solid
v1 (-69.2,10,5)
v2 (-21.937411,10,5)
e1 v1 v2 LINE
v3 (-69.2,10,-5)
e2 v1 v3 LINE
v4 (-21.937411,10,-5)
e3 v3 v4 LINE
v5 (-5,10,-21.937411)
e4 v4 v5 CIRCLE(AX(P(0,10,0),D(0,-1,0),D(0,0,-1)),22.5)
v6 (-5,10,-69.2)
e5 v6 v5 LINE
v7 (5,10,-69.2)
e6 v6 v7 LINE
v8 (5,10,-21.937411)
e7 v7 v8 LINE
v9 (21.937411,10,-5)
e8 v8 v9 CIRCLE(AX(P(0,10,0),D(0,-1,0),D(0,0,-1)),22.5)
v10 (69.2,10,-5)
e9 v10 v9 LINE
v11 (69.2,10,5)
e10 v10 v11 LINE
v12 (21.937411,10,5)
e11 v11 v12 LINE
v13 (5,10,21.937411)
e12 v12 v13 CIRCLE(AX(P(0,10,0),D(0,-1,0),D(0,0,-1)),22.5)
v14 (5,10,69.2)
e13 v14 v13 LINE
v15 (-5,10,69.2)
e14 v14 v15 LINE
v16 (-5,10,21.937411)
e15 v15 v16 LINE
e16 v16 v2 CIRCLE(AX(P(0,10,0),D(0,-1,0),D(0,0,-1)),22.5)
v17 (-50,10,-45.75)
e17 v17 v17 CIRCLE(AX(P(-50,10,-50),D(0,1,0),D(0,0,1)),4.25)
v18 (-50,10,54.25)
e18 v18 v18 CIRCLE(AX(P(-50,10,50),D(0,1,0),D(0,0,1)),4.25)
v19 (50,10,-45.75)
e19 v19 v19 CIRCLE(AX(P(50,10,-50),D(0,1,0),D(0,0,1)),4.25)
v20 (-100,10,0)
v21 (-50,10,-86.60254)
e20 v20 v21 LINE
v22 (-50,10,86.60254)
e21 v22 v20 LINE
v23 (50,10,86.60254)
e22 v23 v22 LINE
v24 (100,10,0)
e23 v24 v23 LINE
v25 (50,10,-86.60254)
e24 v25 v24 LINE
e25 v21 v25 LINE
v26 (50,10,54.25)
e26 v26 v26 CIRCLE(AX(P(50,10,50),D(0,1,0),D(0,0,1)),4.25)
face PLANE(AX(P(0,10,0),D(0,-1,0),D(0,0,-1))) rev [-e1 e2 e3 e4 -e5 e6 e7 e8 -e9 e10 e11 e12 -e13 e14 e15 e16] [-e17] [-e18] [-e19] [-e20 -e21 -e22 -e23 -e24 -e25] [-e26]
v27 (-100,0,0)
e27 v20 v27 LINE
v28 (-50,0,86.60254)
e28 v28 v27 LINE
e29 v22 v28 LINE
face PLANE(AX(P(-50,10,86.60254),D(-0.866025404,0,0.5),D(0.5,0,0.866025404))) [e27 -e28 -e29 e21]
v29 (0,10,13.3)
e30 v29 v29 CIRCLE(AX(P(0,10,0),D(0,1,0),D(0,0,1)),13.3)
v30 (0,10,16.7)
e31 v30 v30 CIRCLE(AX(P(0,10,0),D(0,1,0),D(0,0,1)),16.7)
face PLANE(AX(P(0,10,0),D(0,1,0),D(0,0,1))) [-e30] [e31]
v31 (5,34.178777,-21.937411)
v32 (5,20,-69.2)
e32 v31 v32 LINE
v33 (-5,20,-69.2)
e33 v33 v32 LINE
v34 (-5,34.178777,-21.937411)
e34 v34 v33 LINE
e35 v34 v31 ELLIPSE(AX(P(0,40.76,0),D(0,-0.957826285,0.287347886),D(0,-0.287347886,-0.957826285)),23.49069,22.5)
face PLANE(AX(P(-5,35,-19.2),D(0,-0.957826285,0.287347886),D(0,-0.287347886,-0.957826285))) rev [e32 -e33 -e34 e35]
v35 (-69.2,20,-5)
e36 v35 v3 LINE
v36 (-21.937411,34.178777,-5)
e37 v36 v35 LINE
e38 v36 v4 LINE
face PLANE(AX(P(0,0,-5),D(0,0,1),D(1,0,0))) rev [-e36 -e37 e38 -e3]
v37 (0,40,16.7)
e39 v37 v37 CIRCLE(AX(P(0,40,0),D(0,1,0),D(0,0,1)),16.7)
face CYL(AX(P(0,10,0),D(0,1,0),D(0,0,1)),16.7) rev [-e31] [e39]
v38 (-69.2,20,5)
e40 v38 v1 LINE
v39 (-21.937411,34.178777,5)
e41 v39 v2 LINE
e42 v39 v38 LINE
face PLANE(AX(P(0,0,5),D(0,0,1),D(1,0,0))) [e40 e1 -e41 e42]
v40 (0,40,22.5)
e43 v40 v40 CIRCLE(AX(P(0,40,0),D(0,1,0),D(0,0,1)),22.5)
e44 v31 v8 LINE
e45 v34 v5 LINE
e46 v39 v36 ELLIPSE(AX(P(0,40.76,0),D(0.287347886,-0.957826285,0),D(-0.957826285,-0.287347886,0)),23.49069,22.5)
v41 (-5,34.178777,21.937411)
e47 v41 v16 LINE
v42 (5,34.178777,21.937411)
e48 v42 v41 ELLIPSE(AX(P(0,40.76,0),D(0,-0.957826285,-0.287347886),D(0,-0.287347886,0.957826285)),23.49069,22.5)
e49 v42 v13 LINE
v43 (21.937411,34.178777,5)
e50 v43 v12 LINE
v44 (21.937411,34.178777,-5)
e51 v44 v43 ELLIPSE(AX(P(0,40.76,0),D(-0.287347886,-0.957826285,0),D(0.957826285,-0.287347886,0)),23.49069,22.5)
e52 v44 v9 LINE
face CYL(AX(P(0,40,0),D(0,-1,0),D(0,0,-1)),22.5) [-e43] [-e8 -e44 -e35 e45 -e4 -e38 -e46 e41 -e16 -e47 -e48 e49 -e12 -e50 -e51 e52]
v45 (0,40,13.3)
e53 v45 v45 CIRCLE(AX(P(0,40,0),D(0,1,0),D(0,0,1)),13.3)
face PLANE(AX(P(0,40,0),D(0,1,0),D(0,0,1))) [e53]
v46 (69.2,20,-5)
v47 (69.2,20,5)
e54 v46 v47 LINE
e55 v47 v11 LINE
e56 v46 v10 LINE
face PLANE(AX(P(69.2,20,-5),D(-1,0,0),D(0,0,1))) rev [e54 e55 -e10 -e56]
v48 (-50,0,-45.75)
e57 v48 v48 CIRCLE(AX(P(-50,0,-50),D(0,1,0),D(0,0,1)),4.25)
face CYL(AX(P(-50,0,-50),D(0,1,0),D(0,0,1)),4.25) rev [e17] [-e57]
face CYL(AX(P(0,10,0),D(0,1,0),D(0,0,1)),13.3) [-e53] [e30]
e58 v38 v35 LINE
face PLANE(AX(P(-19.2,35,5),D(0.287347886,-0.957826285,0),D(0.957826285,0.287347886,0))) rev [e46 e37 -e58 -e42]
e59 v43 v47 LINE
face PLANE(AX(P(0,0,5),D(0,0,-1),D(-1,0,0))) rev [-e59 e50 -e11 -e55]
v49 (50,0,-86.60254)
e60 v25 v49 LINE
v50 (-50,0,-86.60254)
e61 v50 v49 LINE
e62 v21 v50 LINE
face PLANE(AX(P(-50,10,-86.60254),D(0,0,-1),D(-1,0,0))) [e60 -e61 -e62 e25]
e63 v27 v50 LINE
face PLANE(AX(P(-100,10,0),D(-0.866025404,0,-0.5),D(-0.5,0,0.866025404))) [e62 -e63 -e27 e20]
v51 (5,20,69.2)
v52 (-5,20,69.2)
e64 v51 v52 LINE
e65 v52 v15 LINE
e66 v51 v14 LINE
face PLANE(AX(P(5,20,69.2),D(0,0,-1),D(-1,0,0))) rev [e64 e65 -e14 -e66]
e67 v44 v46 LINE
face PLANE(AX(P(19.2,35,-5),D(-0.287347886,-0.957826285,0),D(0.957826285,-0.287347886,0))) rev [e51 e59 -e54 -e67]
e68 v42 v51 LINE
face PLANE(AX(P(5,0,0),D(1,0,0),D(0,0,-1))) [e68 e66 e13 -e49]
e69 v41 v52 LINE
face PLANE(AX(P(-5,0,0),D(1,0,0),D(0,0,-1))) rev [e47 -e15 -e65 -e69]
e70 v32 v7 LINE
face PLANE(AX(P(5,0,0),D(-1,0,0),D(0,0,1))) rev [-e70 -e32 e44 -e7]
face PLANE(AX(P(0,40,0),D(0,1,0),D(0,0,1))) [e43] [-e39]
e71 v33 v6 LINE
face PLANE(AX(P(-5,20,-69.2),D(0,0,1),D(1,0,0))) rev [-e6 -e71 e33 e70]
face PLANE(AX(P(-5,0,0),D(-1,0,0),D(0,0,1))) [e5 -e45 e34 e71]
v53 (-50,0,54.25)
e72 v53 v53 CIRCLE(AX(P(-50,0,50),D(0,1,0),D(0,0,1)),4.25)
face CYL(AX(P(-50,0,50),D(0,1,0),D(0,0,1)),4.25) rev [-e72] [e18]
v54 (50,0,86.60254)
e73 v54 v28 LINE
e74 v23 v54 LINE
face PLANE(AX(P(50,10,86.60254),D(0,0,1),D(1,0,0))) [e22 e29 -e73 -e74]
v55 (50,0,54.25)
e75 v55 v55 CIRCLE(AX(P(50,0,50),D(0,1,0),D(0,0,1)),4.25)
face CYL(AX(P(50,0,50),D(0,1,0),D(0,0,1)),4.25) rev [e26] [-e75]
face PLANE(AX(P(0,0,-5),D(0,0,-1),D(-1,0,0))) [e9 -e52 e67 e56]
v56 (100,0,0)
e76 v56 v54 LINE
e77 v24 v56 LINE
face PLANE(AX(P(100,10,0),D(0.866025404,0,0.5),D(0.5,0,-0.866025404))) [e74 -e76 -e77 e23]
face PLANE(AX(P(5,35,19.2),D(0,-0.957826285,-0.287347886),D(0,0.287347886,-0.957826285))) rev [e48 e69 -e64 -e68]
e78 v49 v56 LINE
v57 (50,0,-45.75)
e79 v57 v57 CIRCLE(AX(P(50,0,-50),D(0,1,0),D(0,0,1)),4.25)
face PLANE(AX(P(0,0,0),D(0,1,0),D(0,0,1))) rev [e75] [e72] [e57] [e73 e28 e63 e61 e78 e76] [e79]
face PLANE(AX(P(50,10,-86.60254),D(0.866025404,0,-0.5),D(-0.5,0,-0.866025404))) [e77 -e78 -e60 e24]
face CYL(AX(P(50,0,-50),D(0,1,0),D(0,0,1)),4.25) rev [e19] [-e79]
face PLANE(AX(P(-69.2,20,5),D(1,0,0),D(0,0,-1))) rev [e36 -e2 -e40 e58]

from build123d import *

# Parameters (mm, degrees)
CROQUIS1_R              = 22.5
SALIENTE_EXTRUIR1_DEPTH = 40
CROQUIS2_R              = 16.7
CROQUIS2_R_2            = 13.3
CORTAR_EXTRUIR1_DEPTH   = 30
SALIENTE_EXTRUIR2_DEPTH = 10
SALIENTE_EXTRUIR5_DEPTH = 5
MATRIZC1_COUNT          = 4
CROQUIS5_R              = 4.25
CORTAR_EXTRUIR2_DEPTH   = 136.646599663


with BuildPart() as part:
    # Croquis1 → Saliente-Extruir1 (new body)
    with BuildSketch(Plane(origin=(0, 0, 0), x_dir=(1, 0, 0), z_dir=(0, 1, 0))):
        with Locations(Location((0, 0, 0), (0, 0, 270))):
            Circle(CROQUIS1_R)
    extrude(amount=SALIENTE_EXTRUIR1_DEPTH)

    # Croquis2 → Cortar-Extruir1 (cut)
    with BuildSketch(Plane(origin=(0, 40, 0), x_dir=(1, 0, 0), z_dir=(0, 1, 0))):
        with Locations(Location((0, 0, 0), (0, 0, 270))):
            Circle(CROQUIS2_R)
        with Locations(Location((0, 0, 0), (0, 0, 270))):
            Circle(CROQUIS2_R_2, mode=Mode.SUBTRACT)
    extrude(amount=-CORTAR_EXTRUIR1_DEPTH, mode=Mode.SUBTRACT)

    # Croquis3 → Saliente-Extruir2 (add)
    with BuildSketch(Plane.XZ):
        Polygon((50, 86.602540378), (-50, 86.602540378), (-100, 0), (-50, -86.602540378), (50, -86.602540378), (100, 0), align=None)
    extrude(amount=-SALIENTE_EXTRUIR2_DEPTH)

    # Croquis4 → Saliente-Extruir5 (add, symmetric)
    with BuildSketch(Plane(origin=(0, 0, 0), x_dir=(0, 0, -1), z_dir=(1, 0, 0))):
        Polygon((-69.2, 10), (-19.2, 10), (-19.2, 35), (-69.2, 20), align=None)
    saliente_extruir5 = extrude(amount=SALIENTE_EXTRUIR5_DEPTH, both=True)

    # MatrizC1: Saliente-Extruir5 ×4 about axis
    matrizc1_axis = Axis((0, 0, 0), (0, 1, 0))
    for i in range(1, MATRIZC1_COUNT):
        add(saliente_extruir5.rotate(matrizc1_axis, i * 360 / MATRIZC1_COUNT))

    # Croquis5 → Cortar-Extruir2 (cut, through all)
    with BuildSketch(Plane(origin=(0, 10, 0), x_dir=(1, 0, 0), z_dir=(0, 1, 0))):
        with Locations(Location((-50, 50, 0), (0, 0, 270))):
            Circle(CROQUIS5_R)
        with Locations(Location((50, 50, 0), (0, 0, 270))):
            Circle(CROQUIS5_R)
        with Locations(Location((-50, -50, 0), (0, 0, 270))):
            Circle(CROQUIS5_R)
        with Locations(Location((50, -50, 0), (0, 0, 270))):
            Circle(CROQUIS5_R)
    extrude(amount=-CORTAR_EXTRUIR2_DEPTH, mode=Mode.SUBTRACT)


solid = part.part
